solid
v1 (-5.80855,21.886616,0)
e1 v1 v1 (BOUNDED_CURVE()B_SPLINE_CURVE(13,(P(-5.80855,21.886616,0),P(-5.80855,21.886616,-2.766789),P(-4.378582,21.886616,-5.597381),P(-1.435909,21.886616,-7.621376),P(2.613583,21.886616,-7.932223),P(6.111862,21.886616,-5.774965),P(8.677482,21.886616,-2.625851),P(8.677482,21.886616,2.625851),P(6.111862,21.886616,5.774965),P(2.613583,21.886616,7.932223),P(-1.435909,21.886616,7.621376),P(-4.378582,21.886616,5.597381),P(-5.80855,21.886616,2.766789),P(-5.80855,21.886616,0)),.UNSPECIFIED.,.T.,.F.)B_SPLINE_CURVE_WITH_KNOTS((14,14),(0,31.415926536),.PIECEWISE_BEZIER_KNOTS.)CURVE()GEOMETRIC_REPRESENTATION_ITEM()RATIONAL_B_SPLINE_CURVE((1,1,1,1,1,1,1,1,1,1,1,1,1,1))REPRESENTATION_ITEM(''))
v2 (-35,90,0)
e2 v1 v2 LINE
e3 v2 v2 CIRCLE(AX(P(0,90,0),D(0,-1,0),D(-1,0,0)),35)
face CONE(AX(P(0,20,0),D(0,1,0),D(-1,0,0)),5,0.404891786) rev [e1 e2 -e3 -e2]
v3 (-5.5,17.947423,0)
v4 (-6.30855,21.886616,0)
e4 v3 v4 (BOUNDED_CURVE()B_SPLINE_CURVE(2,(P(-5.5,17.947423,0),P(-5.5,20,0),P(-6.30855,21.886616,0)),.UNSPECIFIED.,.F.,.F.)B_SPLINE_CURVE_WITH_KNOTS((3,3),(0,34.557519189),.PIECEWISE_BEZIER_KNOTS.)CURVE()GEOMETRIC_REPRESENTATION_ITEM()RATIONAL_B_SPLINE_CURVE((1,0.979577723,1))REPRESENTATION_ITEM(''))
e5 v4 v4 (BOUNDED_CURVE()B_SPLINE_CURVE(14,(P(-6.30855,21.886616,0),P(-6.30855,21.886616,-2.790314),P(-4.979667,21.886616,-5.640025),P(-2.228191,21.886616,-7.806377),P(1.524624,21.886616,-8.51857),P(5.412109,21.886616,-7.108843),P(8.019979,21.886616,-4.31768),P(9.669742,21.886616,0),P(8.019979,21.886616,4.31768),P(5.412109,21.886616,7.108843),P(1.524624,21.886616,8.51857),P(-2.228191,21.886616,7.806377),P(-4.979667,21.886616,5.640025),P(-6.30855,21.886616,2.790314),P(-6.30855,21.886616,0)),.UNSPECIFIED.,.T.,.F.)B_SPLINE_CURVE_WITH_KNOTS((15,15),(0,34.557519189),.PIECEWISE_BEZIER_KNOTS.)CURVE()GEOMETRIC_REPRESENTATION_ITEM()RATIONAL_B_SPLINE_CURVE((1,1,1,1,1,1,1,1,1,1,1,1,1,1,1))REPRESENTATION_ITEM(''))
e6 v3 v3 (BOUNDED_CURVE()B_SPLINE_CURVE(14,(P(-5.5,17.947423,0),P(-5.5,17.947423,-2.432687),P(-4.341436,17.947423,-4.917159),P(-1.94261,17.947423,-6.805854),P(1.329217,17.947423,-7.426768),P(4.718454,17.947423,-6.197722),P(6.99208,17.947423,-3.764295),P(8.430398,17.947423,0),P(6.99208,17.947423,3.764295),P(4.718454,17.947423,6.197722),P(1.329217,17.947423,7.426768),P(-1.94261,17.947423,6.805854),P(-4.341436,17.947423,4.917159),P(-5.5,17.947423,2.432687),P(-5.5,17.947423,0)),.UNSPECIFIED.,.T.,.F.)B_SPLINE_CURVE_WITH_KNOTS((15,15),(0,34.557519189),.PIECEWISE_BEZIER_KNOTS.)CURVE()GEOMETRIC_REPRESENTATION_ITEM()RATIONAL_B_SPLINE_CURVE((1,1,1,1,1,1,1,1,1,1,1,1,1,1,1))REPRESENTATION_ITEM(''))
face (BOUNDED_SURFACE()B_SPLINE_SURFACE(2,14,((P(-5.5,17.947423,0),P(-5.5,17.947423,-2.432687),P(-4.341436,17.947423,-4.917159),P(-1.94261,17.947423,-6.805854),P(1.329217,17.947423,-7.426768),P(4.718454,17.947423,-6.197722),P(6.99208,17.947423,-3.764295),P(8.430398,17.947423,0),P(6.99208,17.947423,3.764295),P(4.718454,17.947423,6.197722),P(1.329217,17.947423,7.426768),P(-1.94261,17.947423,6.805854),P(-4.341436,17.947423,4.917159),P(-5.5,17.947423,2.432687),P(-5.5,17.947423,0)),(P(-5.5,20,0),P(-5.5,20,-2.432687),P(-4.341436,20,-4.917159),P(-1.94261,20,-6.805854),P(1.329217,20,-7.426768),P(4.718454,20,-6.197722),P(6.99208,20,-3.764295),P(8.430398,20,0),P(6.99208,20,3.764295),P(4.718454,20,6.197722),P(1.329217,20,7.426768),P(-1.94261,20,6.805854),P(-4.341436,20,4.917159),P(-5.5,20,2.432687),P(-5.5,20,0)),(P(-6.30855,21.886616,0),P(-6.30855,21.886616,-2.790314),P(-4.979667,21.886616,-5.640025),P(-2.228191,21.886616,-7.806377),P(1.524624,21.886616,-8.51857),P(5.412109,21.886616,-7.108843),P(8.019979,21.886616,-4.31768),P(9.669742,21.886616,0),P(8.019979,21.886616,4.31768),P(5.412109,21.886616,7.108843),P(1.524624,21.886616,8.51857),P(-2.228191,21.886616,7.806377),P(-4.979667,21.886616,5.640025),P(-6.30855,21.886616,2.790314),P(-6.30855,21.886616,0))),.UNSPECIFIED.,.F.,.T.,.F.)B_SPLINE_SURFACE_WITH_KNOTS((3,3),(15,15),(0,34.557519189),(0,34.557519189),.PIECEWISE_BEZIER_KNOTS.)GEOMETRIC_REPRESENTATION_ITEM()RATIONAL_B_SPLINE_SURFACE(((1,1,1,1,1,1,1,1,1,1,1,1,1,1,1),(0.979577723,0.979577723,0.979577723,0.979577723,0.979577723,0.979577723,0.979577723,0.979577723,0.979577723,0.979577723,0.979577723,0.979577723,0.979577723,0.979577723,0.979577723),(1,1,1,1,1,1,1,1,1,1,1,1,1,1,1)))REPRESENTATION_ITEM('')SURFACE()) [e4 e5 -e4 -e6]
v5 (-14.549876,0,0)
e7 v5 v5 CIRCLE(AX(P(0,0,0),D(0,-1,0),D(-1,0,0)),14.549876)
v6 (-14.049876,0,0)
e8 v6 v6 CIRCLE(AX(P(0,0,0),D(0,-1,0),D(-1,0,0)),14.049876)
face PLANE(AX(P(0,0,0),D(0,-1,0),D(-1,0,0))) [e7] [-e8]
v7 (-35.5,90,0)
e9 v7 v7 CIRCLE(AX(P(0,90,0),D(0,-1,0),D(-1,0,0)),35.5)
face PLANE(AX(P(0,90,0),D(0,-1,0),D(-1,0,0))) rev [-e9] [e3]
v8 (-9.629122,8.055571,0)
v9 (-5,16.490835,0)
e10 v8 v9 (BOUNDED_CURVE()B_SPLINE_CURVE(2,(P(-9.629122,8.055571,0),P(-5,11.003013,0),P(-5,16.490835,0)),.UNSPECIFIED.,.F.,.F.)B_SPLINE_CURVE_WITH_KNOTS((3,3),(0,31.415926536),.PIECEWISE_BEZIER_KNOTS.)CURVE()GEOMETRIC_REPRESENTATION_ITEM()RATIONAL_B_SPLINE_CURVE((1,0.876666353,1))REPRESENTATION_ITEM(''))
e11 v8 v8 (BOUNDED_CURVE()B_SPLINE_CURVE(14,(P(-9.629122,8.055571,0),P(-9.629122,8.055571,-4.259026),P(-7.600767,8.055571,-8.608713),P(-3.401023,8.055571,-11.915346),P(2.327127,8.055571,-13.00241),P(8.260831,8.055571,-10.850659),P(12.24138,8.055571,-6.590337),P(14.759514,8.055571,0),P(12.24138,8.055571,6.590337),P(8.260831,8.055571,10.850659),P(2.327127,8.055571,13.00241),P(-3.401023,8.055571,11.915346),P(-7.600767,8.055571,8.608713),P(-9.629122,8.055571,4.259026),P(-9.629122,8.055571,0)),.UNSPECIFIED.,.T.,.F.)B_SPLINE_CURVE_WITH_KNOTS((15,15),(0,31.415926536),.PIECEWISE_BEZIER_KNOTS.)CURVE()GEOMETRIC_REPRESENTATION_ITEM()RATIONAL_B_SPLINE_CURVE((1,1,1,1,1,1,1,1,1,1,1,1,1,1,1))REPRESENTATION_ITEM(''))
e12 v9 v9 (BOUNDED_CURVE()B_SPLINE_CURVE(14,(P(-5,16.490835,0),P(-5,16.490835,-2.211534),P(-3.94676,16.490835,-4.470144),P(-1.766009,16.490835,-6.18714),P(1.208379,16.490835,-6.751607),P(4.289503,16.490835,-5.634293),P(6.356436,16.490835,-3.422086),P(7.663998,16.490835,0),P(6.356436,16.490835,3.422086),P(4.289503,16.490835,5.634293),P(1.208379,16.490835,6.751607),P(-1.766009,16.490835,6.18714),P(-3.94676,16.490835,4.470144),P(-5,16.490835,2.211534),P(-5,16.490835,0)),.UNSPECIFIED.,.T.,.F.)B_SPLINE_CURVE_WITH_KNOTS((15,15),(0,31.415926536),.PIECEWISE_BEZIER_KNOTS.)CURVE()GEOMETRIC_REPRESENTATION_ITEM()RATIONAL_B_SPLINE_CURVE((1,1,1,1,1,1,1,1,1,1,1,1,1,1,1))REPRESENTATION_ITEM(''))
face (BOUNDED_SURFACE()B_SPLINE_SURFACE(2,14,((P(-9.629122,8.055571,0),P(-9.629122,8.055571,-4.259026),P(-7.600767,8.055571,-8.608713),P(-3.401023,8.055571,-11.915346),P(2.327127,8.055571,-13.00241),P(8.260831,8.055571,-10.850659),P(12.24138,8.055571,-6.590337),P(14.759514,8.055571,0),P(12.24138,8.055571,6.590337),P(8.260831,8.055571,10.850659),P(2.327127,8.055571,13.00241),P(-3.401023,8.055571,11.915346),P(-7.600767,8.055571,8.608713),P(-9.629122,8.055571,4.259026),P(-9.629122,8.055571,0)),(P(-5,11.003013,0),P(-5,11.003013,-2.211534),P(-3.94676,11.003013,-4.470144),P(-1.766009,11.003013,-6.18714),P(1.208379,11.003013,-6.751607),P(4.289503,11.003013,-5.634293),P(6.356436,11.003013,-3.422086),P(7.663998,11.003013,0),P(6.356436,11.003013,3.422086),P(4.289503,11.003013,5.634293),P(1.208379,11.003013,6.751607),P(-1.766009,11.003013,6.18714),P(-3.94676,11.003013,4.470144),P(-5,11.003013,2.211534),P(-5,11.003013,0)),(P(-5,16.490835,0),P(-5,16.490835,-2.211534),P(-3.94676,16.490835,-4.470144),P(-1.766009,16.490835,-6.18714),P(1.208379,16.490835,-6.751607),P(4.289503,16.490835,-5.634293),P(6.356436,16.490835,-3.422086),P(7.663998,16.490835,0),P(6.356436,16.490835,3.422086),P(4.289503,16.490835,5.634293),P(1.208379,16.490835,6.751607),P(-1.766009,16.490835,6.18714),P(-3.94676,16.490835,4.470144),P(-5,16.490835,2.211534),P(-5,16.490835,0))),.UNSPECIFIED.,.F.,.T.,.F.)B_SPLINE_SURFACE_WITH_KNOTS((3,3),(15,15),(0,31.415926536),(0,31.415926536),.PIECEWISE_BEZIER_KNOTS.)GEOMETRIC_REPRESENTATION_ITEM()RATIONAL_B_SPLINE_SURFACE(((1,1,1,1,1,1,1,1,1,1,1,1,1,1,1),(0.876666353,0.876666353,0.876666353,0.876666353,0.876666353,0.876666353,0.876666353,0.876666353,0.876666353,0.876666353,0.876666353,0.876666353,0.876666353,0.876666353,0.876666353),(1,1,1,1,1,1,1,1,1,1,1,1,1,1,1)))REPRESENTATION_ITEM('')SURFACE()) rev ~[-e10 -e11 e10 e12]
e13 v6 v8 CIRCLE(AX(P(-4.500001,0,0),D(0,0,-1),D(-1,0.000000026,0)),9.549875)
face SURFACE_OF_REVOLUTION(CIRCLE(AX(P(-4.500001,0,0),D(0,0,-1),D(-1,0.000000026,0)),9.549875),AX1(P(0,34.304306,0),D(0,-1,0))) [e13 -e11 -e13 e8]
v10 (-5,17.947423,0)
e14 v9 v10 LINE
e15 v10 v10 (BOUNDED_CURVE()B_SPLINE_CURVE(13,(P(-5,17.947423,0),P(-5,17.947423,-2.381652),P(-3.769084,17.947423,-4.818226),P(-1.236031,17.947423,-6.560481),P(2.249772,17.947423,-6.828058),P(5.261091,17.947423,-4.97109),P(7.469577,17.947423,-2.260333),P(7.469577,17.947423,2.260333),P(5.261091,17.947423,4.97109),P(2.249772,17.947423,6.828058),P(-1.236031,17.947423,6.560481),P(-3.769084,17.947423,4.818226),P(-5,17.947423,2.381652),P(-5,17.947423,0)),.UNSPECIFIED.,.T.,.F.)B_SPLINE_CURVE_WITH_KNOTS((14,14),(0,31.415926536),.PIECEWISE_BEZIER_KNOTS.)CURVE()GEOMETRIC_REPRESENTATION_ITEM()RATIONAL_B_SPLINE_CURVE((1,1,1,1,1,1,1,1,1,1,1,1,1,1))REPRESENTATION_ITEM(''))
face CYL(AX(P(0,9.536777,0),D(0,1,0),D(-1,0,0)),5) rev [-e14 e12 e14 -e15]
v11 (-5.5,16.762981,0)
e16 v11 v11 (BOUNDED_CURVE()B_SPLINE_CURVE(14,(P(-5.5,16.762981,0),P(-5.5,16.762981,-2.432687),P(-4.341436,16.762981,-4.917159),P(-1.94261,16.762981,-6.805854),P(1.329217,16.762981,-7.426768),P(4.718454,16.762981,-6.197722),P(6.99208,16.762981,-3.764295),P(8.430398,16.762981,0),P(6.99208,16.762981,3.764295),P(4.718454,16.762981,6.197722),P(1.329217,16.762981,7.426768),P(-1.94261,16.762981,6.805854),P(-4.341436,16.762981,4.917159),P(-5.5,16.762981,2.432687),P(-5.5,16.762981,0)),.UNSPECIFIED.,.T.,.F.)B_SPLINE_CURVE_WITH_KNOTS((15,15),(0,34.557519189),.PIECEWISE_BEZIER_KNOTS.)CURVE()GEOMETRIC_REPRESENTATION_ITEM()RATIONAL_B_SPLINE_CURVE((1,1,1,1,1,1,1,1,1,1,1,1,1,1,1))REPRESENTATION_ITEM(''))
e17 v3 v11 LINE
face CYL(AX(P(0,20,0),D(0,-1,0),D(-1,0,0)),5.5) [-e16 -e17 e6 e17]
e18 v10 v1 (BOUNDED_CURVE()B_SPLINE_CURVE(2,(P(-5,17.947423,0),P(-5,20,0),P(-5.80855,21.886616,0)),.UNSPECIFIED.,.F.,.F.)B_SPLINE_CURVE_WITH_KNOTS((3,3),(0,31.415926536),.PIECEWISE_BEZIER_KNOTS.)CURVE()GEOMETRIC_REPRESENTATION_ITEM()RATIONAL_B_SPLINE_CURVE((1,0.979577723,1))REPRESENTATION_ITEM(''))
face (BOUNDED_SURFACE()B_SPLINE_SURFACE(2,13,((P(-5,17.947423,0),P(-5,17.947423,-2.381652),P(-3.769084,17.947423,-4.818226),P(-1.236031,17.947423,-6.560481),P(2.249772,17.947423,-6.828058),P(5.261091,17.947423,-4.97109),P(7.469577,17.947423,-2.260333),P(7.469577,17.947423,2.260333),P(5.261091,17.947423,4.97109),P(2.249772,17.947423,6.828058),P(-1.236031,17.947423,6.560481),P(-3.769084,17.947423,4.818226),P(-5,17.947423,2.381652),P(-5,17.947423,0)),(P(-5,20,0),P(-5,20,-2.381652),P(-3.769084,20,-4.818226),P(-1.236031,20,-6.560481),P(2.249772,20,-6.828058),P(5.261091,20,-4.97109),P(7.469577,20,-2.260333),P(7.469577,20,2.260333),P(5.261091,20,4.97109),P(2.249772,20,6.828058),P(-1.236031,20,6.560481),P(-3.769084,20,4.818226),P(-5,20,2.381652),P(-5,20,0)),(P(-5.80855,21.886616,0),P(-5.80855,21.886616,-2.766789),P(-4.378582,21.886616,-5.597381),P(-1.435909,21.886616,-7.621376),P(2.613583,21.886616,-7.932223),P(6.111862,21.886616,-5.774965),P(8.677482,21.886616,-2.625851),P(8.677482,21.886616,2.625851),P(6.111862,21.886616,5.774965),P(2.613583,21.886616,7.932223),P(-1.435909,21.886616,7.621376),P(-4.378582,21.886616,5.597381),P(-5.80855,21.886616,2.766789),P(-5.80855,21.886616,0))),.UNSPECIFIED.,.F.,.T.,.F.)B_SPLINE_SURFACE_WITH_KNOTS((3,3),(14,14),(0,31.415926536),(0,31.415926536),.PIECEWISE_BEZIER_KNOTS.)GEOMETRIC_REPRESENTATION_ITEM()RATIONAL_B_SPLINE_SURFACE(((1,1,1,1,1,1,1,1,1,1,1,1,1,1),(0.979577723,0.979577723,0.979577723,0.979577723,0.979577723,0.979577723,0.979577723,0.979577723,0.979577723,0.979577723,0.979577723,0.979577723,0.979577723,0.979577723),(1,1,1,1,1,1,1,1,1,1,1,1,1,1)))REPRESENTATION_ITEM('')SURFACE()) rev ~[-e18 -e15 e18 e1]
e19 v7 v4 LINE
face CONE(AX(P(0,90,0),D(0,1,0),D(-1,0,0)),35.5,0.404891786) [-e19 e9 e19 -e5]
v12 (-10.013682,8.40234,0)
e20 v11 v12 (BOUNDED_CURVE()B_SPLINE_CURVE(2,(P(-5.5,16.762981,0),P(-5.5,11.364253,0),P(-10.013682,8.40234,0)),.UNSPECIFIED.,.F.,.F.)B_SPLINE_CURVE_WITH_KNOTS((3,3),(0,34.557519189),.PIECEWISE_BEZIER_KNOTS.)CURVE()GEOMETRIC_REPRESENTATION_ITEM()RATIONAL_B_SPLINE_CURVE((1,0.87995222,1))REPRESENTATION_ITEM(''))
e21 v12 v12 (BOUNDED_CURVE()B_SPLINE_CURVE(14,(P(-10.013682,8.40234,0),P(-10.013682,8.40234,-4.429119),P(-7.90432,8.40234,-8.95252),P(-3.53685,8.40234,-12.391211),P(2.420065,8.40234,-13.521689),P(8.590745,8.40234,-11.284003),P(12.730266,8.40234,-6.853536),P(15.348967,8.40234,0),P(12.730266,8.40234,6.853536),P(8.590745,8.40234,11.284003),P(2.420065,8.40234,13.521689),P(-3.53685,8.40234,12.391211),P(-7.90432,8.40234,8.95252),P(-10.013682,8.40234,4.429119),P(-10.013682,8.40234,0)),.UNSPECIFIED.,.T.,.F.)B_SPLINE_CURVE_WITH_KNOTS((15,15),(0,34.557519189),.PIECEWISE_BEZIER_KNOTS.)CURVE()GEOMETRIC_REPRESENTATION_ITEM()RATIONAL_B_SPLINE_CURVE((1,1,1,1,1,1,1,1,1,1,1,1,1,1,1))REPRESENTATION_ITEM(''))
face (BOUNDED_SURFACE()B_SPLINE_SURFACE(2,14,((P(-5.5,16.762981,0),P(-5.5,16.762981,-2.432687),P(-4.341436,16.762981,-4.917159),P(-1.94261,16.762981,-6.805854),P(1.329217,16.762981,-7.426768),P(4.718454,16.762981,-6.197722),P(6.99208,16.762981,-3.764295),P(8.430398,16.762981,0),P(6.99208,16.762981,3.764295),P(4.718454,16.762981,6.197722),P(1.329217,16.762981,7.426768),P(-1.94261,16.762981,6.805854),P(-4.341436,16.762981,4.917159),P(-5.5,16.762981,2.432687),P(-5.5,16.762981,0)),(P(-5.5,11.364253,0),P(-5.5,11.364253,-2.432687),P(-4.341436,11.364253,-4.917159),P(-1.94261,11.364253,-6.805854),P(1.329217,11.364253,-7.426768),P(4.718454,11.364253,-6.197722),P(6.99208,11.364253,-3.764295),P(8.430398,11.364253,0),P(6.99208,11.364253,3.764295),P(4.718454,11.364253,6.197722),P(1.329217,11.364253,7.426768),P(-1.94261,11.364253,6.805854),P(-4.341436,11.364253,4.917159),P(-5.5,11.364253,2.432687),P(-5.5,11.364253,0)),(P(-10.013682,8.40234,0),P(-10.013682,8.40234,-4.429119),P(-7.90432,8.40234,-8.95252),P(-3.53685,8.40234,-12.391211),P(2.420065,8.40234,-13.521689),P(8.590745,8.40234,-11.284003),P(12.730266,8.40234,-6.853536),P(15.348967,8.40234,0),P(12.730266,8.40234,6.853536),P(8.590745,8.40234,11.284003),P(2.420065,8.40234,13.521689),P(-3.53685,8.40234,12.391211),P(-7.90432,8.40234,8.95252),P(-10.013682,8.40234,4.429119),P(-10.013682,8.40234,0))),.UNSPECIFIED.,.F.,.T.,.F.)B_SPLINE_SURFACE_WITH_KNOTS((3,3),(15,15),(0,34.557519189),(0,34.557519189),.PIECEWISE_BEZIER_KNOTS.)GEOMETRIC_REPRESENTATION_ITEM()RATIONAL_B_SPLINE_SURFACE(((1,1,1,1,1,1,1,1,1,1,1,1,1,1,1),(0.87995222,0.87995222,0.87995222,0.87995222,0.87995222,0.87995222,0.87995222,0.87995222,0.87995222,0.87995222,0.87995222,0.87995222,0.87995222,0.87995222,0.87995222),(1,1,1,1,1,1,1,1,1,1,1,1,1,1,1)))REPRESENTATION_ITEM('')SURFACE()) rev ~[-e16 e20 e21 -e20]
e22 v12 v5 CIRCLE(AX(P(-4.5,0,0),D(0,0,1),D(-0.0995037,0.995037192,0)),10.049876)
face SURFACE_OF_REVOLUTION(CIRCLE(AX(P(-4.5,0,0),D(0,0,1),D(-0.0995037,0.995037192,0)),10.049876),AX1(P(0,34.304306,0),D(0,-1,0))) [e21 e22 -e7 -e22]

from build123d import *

# Parameters (mm, degrees)
F2_R = 10


with BuildPart() as f1:
    # F0 (on Top) → F1 (revolve)
    with BuildSketch(Plane.XY):
        with BuildLine():
            Line((-5.5, 20), (-5.5, 10))
            ThreePointArc((-5.5, 10), (-11.951506, 6.74352), (-14.549876, 0))
            Line((-14.549876, 0), (-14.049876, 0))
            ThreePointArc((-14.049876, 0), (-11.427303, 6.573629), (-5, 9.536777))
            Line((-5, 9.536777), (-5, 20))
            Line((-5, 20), (-35, 90))
            Line((-35, 90), (-35.5, 90))
            Line((-35.5, 90), (-5.5, 20))
        make_face()
    revolve(axis=Axis((0, 34.304306, 0), (0, -1, 0)))

    # F2
    f2_edges = [f1.edges().sort_by_distance(p)[0] for p in [
        (5.5, 10, 0),
        (5.5, 20, 0),
        (5, 9.536777, 0),
        (5, 20, 0),
    ]]
    fillet(f2_edges, radius=F2_R)


solid = f1.part
